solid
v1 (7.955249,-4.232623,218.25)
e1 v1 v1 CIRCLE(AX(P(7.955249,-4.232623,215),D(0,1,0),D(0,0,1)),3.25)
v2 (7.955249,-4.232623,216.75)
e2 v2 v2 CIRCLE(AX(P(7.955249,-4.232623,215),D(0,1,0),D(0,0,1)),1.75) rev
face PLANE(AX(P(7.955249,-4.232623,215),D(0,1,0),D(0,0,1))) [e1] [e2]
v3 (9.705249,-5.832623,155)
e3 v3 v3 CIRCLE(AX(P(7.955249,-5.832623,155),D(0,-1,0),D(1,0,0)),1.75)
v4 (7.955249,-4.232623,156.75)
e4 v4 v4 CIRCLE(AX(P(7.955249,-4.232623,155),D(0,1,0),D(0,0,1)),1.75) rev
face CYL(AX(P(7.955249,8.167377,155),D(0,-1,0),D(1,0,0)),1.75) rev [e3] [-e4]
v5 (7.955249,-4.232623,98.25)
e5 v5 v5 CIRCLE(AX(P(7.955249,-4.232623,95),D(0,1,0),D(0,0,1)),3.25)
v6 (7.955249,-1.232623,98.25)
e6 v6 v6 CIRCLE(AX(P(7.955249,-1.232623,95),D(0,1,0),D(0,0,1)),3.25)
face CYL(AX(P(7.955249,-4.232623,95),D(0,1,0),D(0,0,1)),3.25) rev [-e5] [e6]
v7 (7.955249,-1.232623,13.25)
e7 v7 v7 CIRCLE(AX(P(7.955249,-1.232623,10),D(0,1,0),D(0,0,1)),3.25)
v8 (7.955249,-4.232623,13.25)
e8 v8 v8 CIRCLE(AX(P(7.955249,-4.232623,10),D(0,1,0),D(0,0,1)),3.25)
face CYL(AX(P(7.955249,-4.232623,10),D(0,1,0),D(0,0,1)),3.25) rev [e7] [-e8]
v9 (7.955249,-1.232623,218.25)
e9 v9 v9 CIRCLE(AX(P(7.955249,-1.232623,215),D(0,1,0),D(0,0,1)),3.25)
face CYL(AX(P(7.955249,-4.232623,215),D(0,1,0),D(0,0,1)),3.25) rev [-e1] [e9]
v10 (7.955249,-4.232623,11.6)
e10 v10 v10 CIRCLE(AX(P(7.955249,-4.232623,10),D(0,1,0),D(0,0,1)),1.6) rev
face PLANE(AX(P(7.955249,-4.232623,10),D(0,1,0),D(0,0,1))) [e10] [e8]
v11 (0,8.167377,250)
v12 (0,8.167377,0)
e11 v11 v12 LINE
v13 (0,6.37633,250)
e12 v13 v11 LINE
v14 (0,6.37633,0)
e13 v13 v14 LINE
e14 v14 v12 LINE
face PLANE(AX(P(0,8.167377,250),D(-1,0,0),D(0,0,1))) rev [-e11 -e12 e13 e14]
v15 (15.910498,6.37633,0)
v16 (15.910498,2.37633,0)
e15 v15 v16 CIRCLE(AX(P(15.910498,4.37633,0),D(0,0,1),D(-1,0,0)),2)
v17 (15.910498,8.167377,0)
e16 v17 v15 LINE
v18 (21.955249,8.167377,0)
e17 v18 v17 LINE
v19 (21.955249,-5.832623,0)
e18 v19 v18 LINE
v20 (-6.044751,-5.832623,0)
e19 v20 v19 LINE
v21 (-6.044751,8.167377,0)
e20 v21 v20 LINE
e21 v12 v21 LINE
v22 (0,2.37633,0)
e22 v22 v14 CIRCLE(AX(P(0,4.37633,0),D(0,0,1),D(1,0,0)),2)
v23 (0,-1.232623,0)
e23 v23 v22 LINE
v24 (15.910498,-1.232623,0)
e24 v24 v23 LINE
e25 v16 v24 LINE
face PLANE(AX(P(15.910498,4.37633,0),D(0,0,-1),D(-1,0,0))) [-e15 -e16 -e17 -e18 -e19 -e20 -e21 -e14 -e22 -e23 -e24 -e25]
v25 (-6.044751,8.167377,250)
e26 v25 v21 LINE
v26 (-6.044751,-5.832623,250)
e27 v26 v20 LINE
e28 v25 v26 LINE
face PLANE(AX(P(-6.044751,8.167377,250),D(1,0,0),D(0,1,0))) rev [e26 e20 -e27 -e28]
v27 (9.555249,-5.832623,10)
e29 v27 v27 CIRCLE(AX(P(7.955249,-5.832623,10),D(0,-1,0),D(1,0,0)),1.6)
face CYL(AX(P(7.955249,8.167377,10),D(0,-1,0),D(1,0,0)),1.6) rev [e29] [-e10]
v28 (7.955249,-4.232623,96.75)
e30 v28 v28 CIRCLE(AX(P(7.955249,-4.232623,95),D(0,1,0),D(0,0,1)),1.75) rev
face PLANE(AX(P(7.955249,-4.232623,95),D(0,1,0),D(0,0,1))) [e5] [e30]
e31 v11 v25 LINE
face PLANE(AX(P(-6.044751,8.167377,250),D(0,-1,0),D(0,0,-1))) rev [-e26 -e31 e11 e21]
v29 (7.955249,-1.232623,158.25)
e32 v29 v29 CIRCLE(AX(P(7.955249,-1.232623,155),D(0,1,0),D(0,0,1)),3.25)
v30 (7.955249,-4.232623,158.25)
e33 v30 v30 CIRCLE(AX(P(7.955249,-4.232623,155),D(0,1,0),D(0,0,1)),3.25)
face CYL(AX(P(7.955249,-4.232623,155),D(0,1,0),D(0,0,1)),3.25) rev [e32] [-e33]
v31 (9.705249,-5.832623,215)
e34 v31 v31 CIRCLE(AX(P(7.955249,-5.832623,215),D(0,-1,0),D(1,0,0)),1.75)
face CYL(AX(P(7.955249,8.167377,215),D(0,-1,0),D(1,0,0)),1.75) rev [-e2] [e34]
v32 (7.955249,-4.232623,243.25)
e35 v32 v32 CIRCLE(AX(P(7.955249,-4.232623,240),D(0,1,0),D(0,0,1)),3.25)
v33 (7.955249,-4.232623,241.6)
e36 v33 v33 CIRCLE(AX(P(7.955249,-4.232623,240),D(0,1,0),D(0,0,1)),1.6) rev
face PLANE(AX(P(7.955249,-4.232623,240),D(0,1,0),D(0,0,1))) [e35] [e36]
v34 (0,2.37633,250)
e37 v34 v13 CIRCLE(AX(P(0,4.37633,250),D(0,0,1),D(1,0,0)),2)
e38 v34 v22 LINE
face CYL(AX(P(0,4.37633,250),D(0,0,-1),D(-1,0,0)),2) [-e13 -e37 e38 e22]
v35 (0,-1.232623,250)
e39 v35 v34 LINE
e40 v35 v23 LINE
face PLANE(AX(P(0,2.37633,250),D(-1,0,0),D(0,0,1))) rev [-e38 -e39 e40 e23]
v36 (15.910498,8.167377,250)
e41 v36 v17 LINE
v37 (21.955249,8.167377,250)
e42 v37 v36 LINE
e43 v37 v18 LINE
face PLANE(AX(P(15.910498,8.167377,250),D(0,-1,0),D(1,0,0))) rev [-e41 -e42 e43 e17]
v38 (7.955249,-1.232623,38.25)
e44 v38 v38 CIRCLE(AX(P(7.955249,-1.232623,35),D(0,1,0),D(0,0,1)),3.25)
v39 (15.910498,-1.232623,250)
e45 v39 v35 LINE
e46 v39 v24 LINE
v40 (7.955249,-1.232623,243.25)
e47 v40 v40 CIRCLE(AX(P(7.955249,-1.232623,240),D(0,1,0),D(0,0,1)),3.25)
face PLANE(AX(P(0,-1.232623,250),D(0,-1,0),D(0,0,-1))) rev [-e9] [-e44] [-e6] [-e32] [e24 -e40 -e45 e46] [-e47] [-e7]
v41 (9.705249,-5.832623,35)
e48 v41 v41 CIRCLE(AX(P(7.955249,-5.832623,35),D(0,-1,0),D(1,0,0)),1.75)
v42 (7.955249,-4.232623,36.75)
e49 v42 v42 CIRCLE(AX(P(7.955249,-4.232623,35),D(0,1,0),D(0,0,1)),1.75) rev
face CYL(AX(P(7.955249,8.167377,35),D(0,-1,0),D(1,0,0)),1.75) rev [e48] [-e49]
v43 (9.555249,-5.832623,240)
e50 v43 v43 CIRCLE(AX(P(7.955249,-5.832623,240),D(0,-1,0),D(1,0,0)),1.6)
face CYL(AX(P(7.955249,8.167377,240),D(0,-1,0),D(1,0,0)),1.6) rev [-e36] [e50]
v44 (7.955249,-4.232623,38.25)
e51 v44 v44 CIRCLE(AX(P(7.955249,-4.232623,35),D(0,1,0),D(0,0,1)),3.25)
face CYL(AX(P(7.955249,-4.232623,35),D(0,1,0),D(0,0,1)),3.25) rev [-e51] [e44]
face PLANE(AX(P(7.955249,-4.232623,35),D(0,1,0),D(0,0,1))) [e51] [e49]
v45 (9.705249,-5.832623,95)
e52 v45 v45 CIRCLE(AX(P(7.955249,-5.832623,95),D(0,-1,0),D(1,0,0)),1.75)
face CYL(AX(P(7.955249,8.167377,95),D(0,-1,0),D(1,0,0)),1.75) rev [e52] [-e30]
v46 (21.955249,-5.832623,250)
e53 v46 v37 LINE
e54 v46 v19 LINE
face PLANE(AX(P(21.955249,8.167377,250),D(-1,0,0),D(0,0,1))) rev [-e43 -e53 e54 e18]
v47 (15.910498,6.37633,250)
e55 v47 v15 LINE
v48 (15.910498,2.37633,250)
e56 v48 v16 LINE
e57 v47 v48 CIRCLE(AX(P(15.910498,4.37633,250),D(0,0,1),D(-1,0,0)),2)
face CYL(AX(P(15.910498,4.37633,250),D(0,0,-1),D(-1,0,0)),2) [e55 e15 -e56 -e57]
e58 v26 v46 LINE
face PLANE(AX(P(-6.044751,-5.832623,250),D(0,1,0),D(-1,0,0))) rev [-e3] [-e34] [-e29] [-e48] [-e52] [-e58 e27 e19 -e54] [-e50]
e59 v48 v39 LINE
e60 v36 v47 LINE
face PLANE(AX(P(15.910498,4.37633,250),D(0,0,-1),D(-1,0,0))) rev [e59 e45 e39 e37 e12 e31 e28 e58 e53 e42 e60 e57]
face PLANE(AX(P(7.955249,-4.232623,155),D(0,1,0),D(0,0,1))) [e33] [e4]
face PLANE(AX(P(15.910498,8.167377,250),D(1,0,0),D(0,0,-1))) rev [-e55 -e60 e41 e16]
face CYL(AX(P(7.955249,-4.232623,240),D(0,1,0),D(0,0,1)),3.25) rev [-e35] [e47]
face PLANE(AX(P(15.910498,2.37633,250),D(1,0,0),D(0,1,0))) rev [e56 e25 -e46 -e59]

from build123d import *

# Parameters (mm, degrees)
EXTRUDE_1_DEPTH     = 250
SKETCH_2_R          = 1.75
SKETCH_2_R_2        = 1.6
CUT_EXTRUDE_1_DEPTH = 252.352407907
SKETCH_3_R          = 3.25
CUT_EXTRUDE_2_DEPTH = 3


with BuildPart() as part:
    # 草图1 → 凸台-拉伸1 (new body)
    with BuildSketch(Plane.XY):
        with BuildLine():
            Line((-6.044750958, 8.167376983), (0, 8.167376983))
            Line((0, 8.167376983), (0, 6.376329748))
            ThreePointArc((0, 6.376329748), (2, 4.376329748), (0, 2.376329748))
            Line((0, 2.376329748), (0, -1.232623017))
            Line((0, -1.232623017), (15.910498084, -1.232623017))
            Line((15.910498084, -1.232623017), (15.910498084, 2.376329748))
            ThreePointArc((15.910498084, 2.376329748), (13.910498084, 4.376329748), (15.910498084, 6.376329748))
            Line((15.910498084, 6.376329748), (15.910498084, 8.167376983))
            Line((15.910498084, 8.167376983), (21.955249042, 8.167376983))
            Line((21.955249042, 8.167376983), (21.955249042, -5.832623017))
            Line((21.955249042, -5.832623017), (-6.044750958, -5.832623017))
            Line((-6.044750958, -5.832623017), (-6.044750958, 8.167376983))
        make_face()
    extrude(amount=EXTRUDE_1_DEPTH)

    # 草图2 → 切除-拉伸1 (cut, through all)
    with BuildSketch(Plane.XZ.offset(5.832623017)):
        with Locations((7.955249042, 215)):
            Circle(SKETCH_2_R)
        with Locations((7.955249042, 155)):
            Circle(SKETCH_2_R)
        with Locations((7.955249042, 95)):
            Circle(SKETCH_2_R)
        with Locations((7.955249042, 35)):
            Circle(SKETCH_2_R)
        with Locations((7.955249042, -25)):
            Circle(SKETCH_2_R)
        with Locations((7.955249042, -85)):
            Circle(SKETCH_2_R)
        with Locations((7.955249042, 10)):
            Circle(SKETCH_2_R_2)
        with Locations((7.955249042, 240)):
            Circle(SKETCH_2_R_2)
    extrude(amount=-CUT_EXTRUDE_1_DEPTH, mode=Mode.SUBTRACT)

    # 草图3 → 切除-拉伸2 (cut)
    with BuildSketch(Plane(origin=(0, -1.232623017, 0), x_dir=(1, 0, 0), z_dir=(0, 1, 0))):
        with Locations(Location((7.955249042, -35, 0), (0, 0, 270))):
            Circle(SKETCH_3_R)
        with Locations(Location((7.955249042, -95, 0), (0, 0, 270))):
            Circle(SKETCH_3_R)
        with Locations(Location((7.955249042, -155, 0), (0, 0, 270))):
            Circle(SKETCH_3_R)
        with Locations(Location((7.955249042, -215, 0), (0, 0, 270))):
            Circle(SKETCH_3_R)
        with Locations((7.955249042, -275)):
            Circle(SKETCH_3_R)
        with Locations(Location((7.955249042, -240, 0), (0, 0, 270))):
            Circle(SKETCH_3_R)
        with Locations(Location((7.955249042, -10, 0), (0, 0, 270))):
            Circle(SKETCH_3_R)
    extrude(amount=-CUT_EXTRUDE_2_DEPTH, mode=Mode.SUBTRACT)


solid = part.part
